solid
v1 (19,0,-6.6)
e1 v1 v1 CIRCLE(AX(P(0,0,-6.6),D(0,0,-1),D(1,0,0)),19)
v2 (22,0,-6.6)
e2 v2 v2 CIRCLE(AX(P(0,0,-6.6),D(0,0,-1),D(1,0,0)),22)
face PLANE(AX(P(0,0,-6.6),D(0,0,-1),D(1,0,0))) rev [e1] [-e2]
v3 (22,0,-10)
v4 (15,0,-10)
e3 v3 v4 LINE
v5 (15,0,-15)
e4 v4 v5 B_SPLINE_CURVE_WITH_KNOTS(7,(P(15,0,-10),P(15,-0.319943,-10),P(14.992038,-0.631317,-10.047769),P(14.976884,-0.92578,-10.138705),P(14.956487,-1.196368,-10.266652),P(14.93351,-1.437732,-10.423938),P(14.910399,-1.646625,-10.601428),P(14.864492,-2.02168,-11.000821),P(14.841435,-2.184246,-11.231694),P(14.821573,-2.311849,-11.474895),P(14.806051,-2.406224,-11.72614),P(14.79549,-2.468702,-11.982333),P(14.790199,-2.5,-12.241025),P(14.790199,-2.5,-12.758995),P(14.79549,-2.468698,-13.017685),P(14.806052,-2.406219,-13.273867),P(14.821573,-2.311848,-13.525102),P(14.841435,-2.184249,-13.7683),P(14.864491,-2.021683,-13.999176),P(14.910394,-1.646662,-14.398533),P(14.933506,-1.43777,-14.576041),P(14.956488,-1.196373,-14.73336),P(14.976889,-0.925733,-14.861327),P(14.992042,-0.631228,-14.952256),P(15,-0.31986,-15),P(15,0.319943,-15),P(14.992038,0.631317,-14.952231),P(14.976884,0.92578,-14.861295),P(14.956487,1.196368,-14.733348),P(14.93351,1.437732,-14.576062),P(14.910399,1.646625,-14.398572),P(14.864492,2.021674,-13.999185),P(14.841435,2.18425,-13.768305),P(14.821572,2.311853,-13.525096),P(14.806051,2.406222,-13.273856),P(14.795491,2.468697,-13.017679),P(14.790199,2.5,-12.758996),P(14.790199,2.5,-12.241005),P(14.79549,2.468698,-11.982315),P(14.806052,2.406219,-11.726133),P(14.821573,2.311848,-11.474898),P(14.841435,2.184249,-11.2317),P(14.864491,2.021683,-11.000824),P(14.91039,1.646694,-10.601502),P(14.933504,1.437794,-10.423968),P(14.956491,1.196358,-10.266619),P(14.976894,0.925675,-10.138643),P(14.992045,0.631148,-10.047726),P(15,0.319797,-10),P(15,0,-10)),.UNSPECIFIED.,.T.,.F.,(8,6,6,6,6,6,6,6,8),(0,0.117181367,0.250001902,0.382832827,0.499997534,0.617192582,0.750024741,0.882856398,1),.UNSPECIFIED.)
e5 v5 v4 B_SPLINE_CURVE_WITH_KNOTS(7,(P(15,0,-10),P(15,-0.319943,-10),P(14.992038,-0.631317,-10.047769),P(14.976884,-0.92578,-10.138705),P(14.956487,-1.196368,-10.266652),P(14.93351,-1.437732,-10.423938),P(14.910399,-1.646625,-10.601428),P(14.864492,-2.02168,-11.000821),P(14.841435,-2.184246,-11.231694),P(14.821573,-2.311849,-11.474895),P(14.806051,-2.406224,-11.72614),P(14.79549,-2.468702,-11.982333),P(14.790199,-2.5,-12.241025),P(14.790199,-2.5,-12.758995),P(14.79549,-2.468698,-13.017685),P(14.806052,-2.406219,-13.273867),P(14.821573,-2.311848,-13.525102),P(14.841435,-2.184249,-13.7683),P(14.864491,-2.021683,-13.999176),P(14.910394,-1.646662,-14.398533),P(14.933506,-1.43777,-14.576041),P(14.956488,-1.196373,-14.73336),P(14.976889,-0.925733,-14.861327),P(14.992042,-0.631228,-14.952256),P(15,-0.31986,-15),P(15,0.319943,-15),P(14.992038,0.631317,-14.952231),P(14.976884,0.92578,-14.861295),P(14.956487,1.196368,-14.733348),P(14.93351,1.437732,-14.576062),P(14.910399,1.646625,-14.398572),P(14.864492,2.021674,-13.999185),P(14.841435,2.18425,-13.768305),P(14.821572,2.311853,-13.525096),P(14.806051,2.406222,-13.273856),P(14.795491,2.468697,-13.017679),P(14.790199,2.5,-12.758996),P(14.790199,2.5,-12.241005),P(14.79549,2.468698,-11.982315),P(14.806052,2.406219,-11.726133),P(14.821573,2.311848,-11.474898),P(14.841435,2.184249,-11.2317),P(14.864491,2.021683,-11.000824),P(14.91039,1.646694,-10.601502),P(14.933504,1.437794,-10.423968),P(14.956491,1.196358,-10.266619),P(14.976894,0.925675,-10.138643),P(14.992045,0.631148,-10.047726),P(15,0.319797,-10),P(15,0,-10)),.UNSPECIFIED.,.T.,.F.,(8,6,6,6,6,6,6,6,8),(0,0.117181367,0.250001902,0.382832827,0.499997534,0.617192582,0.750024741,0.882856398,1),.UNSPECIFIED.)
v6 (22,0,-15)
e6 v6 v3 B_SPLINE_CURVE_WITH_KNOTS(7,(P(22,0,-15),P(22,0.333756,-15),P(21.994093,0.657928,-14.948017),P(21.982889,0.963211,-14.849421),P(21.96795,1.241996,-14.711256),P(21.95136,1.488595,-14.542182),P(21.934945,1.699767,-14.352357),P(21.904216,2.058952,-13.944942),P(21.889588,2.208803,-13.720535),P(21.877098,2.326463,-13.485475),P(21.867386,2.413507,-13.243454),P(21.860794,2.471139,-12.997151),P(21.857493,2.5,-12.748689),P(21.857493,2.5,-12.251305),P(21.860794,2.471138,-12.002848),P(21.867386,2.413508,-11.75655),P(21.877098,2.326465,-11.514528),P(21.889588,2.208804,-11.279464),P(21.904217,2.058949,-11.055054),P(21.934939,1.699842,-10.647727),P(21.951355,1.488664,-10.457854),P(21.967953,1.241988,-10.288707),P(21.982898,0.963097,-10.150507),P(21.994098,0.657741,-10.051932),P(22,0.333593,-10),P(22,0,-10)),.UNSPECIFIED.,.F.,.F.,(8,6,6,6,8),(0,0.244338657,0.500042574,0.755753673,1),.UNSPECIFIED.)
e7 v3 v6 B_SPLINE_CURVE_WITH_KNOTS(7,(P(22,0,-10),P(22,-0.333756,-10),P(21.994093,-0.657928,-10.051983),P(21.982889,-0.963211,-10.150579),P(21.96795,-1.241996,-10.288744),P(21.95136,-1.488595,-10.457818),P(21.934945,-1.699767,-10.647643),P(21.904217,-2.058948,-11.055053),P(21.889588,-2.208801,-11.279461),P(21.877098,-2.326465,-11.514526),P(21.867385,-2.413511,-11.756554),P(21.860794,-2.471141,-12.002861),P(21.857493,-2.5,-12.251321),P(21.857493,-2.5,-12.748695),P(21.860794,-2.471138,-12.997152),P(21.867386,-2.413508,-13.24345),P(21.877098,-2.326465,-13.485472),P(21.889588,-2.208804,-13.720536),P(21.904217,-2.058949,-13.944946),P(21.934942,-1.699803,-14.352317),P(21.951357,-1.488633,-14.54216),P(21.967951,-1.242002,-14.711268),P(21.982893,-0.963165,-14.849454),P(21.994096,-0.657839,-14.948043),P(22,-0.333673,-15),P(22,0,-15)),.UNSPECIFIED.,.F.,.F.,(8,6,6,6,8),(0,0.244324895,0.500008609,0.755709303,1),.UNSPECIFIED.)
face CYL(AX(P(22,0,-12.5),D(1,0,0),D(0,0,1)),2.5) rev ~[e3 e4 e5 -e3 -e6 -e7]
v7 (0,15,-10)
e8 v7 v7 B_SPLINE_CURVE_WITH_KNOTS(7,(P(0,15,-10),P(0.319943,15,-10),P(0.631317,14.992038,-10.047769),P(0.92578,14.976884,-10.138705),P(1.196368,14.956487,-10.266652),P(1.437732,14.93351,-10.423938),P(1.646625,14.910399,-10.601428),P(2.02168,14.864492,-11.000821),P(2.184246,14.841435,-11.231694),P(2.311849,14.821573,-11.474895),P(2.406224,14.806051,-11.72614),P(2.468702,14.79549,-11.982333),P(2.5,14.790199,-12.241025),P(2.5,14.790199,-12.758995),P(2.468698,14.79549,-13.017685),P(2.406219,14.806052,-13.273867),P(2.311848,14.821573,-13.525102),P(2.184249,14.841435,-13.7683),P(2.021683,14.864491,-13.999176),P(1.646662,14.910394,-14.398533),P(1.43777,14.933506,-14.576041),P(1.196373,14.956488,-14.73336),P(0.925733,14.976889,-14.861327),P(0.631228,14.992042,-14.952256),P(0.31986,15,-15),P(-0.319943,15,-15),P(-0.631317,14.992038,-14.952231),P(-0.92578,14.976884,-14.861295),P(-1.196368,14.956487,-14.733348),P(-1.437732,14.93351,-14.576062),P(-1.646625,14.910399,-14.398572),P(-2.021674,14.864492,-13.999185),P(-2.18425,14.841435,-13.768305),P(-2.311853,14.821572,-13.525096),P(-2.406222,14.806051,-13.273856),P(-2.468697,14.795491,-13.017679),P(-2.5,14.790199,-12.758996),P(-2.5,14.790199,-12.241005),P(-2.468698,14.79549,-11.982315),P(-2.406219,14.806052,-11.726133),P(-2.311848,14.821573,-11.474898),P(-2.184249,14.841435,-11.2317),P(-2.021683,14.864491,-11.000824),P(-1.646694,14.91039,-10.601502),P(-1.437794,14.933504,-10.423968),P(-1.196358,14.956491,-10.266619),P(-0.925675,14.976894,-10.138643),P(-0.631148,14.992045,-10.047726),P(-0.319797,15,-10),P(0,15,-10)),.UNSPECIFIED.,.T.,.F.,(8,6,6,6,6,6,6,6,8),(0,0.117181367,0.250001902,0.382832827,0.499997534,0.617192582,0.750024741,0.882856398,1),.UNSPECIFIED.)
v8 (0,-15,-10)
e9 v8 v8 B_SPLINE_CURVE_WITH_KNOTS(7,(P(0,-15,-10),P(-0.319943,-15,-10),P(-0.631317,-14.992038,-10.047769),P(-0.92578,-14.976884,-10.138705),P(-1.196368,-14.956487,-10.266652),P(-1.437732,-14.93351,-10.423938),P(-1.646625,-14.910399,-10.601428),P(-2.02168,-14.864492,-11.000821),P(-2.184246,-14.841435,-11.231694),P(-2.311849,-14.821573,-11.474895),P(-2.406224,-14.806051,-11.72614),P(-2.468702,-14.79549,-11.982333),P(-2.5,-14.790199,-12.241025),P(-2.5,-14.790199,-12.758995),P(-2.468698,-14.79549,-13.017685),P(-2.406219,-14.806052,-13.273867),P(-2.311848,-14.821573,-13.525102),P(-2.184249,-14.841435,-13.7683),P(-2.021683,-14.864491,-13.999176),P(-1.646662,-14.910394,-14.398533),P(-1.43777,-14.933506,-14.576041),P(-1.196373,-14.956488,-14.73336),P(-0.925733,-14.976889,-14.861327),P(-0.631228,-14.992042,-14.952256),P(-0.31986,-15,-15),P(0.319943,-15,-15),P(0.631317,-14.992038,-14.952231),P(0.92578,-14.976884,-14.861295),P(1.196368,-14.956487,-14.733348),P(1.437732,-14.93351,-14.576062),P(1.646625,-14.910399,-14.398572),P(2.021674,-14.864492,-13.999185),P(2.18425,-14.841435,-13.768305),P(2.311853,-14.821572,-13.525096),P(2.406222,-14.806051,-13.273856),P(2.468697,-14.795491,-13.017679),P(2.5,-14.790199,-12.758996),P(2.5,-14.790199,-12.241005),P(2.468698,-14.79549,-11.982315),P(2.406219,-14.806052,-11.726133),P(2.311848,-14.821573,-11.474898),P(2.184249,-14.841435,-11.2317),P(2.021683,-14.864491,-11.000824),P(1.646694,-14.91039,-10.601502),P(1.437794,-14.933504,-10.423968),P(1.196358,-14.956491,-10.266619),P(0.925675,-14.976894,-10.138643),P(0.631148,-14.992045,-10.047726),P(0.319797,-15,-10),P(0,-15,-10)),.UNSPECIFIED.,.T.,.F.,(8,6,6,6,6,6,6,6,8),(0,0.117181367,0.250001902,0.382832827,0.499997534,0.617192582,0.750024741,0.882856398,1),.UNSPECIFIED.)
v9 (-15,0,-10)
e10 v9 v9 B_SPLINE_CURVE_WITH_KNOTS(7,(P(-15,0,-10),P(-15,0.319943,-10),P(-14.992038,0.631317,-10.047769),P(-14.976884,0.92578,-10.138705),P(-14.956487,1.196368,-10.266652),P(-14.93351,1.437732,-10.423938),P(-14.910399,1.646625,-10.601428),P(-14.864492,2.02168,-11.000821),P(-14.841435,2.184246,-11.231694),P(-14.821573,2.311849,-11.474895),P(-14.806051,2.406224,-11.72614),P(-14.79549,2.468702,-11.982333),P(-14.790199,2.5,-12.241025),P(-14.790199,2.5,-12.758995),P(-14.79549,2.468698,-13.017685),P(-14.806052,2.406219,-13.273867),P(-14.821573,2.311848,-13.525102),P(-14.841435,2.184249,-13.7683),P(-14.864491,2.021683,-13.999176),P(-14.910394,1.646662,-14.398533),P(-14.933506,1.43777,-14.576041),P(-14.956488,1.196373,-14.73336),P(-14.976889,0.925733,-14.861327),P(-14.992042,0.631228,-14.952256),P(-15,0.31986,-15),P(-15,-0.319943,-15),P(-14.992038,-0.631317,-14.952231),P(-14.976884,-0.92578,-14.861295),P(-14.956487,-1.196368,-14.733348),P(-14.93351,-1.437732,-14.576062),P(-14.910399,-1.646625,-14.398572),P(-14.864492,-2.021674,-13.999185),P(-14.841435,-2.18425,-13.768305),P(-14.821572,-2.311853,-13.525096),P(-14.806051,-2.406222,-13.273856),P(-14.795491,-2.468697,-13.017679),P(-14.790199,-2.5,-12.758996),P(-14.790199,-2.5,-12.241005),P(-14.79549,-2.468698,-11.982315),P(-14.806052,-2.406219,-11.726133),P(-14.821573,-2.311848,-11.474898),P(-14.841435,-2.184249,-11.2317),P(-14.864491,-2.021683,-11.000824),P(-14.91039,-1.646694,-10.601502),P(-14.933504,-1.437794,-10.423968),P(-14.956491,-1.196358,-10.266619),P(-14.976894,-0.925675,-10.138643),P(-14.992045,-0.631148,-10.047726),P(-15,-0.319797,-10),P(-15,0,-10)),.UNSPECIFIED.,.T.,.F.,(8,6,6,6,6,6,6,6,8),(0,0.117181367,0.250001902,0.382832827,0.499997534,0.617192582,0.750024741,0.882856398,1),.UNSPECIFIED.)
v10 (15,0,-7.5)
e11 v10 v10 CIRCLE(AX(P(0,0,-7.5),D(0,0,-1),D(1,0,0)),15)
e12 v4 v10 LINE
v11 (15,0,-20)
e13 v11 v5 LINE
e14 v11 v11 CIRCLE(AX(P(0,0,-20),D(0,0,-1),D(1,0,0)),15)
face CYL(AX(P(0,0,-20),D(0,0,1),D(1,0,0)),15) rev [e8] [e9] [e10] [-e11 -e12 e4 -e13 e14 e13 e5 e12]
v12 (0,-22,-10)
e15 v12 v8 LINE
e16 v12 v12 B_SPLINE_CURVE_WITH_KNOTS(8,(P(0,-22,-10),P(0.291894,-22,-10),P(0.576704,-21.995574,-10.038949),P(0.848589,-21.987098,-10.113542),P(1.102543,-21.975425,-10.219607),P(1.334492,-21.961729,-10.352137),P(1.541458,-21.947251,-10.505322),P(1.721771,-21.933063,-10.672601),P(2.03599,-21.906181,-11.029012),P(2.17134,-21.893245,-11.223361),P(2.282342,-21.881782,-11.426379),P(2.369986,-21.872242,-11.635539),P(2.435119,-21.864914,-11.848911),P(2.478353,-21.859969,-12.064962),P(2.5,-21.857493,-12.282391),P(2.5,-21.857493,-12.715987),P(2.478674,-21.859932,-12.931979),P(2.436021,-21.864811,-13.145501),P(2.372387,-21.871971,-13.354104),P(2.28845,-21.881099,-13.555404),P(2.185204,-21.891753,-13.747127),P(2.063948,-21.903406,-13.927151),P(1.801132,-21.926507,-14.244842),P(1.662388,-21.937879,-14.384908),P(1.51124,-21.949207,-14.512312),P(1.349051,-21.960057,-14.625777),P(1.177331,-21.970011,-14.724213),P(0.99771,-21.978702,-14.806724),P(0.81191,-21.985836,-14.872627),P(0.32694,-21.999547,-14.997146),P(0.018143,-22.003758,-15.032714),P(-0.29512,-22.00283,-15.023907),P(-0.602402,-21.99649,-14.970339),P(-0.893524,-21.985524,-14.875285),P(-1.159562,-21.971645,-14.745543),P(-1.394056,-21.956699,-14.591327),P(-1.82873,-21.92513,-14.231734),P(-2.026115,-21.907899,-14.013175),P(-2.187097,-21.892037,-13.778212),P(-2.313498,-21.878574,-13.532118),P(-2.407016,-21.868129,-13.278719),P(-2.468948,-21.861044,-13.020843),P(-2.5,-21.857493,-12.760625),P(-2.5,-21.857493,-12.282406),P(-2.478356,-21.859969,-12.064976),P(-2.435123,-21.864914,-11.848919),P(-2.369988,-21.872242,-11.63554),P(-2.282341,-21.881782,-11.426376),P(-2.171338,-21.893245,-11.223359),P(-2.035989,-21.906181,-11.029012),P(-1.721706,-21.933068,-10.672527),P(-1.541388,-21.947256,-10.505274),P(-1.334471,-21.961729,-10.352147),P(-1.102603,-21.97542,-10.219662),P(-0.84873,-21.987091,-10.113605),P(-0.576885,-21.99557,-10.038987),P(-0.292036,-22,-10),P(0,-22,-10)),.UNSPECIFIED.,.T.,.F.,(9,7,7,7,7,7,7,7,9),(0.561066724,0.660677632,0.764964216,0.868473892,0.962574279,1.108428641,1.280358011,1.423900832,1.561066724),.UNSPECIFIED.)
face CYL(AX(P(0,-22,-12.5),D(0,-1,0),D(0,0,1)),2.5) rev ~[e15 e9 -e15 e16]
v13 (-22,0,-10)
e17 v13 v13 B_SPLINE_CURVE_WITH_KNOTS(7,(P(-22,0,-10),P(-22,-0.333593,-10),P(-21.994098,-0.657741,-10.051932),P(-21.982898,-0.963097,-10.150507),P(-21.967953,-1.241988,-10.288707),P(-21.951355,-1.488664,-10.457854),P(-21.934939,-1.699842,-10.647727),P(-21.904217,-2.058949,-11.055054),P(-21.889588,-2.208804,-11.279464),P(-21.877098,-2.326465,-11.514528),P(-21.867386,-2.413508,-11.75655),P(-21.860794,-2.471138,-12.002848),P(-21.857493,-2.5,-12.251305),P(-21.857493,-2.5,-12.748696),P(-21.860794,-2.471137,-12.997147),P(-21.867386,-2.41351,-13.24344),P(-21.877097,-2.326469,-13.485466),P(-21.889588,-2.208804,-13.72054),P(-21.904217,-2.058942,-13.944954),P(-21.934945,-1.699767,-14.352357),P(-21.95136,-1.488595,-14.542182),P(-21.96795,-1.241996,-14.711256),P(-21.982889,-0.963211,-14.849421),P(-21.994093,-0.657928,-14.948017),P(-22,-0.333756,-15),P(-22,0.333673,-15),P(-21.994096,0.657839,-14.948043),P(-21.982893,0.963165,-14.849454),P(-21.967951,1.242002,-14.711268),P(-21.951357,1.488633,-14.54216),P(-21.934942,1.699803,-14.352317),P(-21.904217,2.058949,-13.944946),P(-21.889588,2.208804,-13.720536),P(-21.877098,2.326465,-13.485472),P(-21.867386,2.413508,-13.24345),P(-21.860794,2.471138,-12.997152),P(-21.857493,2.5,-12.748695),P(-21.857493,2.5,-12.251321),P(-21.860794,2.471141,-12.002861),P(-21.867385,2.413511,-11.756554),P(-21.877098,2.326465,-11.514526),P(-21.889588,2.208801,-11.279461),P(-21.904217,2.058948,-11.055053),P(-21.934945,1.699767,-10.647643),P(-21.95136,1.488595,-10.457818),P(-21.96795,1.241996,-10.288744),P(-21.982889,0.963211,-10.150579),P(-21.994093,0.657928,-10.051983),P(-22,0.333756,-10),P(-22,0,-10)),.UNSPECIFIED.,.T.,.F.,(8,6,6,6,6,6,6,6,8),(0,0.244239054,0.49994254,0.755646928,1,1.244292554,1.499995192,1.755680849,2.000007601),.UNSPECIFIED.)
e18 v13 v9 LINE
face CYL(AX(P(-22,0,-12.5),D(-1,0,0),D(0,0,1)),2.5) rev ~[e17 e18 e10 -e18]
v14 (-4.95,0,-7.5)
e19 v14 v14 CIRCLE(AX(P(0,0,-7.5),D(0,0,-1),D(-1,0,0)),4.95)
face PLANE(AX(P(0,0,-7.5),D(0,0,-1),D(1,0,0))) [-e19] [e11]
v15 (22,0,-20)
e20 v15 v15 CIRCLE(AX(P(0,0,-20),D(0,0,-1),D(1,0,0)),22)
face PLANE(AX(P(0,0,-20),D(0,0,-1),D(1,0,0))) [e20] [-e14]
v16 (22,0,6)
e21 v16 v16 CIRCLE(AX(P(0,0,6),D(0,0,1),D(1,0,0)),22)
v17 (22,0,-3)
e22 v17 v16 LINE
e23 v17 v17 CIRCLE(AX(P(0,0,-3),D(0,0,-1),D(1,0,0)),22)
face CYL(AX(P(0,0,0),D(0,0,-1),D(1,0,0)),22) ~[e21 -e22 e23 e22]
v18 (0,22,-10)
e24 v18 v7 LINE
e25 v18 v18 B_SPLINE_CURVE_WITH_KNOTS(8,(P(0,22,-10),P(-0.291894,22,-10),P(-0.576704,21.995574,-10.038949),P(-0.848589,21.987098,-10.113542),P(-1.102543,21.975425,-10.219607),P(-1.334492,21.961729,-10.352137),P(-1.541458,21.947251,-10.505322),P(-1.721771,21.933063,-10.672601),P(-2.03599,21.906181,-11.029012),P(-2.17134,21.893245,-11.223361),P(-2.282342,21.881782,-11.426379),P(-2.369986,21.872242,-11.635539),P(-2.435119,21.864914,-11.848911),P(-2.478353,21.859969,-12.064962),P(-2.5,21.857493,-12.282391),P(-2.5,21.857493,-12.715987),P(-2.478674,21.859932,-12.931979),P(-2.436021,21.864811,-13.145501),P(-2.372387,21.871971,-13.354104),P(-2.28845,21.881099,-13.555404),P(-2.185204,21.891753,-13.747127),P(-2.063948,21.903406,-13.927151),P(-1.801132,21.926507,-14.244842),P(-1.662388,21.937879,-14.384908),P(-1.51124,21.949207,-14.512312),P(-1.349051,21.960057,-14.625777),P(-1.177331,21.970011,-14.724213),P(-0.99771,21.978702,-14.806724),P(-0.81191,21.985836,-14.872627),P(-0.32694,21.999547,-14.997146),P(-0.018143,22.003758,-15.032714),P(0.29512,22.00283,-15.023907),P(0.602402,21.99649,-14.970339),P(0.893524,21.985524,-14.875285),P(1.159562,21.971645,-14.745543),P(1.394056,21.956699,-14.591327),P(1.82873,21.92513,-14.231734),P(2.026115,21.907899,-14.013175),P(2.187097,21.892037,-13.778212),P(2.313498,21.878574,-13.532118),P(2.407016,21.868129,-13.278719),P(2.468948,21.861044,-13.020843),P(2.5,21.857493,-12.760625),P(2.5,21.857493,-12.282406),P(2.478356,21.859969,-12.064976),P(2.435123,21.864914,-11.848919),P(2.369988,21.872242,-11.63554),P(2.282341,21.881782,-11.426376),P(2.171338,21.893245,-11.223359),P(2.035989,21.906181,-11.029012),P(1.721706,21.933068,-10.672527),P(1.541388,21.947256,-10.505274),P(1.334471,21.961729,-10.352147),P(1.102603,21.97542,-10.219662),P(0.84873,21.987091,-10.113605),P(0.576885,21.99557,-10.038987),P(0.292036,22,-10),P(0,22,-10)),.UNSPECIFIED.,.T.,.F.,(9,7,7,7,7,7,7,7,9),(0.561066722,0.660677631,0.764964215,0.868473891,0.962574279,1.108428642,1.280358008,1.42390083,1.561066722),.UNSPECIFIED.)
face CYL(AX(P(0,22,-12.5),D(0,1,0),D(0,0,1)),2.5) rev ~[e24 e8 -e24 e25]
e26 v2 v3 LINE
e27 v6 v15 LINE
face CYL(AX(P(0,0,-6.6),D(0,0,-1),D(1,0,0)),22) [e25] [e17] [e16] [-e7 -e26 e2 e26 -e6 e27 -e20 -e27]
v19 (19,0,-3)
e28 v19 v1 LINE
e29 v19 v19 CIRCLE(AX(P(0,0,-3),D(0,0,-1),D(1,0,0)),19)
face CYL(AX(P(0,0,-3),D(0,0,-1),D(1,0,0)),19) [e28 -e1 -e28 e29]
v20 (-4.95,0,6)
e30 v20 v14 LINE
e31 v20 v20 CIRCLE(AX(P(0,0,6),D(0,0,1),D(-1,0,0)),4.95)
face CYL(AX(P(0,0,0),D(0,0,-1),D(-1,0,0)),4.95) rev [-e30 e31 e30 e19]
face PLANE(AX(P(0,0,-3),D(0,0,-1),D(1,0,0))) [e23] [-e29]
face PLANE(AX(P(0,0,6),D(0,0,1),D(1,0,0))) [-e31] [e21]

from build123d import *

# Parameters (mm, degrees)
CORTE_EXTRUS_O1_REACH      = 55.104
CORTE_EXTRUS_O1_END_RADIUS = 15
ESBO_O3_R                  = 2.5
PADR_OCIRCULAR1_COUNT      = 4
CORTE_EXTRUS_O2_REACH      = 35.53
ESBO_O5_R                  = 4.95
ESBO_O6_R                  = 22
ESBO_O6_R_2                = 4.95
RESSALTO_EXTRUS_O1_DEPTH   = 6


with BuildPart() as part:
    # Esbo_o1 → Revolu_o1 (revolve)
    with BuildSketch(Plane(origin=(0, 0, 0), x_dir=(1, 0, 0), z_dir=(0, 1, 0)), mode=Mode.PRIVATE) as revolu_o1_sk:
        Polygon((0, 0), (-22, 0), (-22, 3), (-19, 3), (-19, 6.6), (-22, 6.6), (-22, 20), (-15, 20), (-15, 7.5), (0, 7.5), align=None)
    revolve(revolu_o1_sk.sketch.rotate(Axis((0, 0, 0), (0, 0, -1)), 180), axis=Axis((0, 0, 0), (0, 0, -1)))

    # Corte-extrus_o1: up to this cylinder (the profile starts outside it)
    corte_extrus_o1_end = Plane(origin=(0, 0, -12.5), z_dir=(0, 0, 1)) * Cylinder(CORTE_EXTRUS_O1_END_RADIUS, 141.208, mode=Mode.PRIVATE)
    # Esbo_o3 → Corte-extrus_o1 (cut, up to the surface)
    with BuildSketch(Plane.ZY.offset(22), mode=Mode.PRIVATE) as corte_extrus_o1_sk1:
        with Locations((-12.5, 0)):
            Circle(ESBO_O3_R)
    corte_extrus_o1_tool1 = extrude(corte_extrus_o1_sk1.sketch, amount=-CORTE_EXTRUS_O1_REACH, mode=Mode.PRIVATE) - corte_extrus_o1_end
    corte_extrus_o1 = corte_extrus_o1_tool1.solids().sort_by_distance((-22, 0, -12.5))[0]
    add(corte_extrus_o1, mode=Mode.SUBTRACT)

    # Padr_oCircular1: Corte-extrus_o1 ×4 about axis
    padr_ocircular1_axis = Axis((0, 0, -20), (0, 0, 1))
    for i in range(1, PADR_OCIRCULAR1_COUNT):
        add(corte_extrus_o1.rotate(padr_ocircular1_axis, i * 360 / PADR_OCIRCULAR1_COUNT), mode=Mode.SUBTRACT)

    # Esbo_o5 → Corte-extrus_o2 (cut, up to next)
    with BuildSketch(Plane(origin=(0, 0, -7.5), x_dir=(-1, 0, 0), z_dir=(0, 0, -1)), mode=Mode.PRIVATE) as corte_extrus_o2_sk1:
        Circle(ESBO_O5_R)
    corte_extrus_o2_tool1 = extrude(corte_extrus_o2_sk1.sketch, amount=-CORTE_EXTRUS_O2_REACH, mode=Mode.PRIVATE) & part.part
    add(corte_extrus_o2_tool1.solids().sort_by_distance((0, 0, -7.5))[0], mode=Mode.SUBTRACT)

    # Esbo_o6 → Ressalto-extrus_o1 (add)
    with BuildSketch(Plane.XY):
        Circle(ESBO_O6_R)
        with Locations(Location((0, 0, 0), (0, 0, 180))):
            Circle(ESBO_O6_R_2, mode=Mode.SUBTRACT)
    extrude(amount=RESSALTO_EXTRUS_O1_DEPTH)


solid = part.part
